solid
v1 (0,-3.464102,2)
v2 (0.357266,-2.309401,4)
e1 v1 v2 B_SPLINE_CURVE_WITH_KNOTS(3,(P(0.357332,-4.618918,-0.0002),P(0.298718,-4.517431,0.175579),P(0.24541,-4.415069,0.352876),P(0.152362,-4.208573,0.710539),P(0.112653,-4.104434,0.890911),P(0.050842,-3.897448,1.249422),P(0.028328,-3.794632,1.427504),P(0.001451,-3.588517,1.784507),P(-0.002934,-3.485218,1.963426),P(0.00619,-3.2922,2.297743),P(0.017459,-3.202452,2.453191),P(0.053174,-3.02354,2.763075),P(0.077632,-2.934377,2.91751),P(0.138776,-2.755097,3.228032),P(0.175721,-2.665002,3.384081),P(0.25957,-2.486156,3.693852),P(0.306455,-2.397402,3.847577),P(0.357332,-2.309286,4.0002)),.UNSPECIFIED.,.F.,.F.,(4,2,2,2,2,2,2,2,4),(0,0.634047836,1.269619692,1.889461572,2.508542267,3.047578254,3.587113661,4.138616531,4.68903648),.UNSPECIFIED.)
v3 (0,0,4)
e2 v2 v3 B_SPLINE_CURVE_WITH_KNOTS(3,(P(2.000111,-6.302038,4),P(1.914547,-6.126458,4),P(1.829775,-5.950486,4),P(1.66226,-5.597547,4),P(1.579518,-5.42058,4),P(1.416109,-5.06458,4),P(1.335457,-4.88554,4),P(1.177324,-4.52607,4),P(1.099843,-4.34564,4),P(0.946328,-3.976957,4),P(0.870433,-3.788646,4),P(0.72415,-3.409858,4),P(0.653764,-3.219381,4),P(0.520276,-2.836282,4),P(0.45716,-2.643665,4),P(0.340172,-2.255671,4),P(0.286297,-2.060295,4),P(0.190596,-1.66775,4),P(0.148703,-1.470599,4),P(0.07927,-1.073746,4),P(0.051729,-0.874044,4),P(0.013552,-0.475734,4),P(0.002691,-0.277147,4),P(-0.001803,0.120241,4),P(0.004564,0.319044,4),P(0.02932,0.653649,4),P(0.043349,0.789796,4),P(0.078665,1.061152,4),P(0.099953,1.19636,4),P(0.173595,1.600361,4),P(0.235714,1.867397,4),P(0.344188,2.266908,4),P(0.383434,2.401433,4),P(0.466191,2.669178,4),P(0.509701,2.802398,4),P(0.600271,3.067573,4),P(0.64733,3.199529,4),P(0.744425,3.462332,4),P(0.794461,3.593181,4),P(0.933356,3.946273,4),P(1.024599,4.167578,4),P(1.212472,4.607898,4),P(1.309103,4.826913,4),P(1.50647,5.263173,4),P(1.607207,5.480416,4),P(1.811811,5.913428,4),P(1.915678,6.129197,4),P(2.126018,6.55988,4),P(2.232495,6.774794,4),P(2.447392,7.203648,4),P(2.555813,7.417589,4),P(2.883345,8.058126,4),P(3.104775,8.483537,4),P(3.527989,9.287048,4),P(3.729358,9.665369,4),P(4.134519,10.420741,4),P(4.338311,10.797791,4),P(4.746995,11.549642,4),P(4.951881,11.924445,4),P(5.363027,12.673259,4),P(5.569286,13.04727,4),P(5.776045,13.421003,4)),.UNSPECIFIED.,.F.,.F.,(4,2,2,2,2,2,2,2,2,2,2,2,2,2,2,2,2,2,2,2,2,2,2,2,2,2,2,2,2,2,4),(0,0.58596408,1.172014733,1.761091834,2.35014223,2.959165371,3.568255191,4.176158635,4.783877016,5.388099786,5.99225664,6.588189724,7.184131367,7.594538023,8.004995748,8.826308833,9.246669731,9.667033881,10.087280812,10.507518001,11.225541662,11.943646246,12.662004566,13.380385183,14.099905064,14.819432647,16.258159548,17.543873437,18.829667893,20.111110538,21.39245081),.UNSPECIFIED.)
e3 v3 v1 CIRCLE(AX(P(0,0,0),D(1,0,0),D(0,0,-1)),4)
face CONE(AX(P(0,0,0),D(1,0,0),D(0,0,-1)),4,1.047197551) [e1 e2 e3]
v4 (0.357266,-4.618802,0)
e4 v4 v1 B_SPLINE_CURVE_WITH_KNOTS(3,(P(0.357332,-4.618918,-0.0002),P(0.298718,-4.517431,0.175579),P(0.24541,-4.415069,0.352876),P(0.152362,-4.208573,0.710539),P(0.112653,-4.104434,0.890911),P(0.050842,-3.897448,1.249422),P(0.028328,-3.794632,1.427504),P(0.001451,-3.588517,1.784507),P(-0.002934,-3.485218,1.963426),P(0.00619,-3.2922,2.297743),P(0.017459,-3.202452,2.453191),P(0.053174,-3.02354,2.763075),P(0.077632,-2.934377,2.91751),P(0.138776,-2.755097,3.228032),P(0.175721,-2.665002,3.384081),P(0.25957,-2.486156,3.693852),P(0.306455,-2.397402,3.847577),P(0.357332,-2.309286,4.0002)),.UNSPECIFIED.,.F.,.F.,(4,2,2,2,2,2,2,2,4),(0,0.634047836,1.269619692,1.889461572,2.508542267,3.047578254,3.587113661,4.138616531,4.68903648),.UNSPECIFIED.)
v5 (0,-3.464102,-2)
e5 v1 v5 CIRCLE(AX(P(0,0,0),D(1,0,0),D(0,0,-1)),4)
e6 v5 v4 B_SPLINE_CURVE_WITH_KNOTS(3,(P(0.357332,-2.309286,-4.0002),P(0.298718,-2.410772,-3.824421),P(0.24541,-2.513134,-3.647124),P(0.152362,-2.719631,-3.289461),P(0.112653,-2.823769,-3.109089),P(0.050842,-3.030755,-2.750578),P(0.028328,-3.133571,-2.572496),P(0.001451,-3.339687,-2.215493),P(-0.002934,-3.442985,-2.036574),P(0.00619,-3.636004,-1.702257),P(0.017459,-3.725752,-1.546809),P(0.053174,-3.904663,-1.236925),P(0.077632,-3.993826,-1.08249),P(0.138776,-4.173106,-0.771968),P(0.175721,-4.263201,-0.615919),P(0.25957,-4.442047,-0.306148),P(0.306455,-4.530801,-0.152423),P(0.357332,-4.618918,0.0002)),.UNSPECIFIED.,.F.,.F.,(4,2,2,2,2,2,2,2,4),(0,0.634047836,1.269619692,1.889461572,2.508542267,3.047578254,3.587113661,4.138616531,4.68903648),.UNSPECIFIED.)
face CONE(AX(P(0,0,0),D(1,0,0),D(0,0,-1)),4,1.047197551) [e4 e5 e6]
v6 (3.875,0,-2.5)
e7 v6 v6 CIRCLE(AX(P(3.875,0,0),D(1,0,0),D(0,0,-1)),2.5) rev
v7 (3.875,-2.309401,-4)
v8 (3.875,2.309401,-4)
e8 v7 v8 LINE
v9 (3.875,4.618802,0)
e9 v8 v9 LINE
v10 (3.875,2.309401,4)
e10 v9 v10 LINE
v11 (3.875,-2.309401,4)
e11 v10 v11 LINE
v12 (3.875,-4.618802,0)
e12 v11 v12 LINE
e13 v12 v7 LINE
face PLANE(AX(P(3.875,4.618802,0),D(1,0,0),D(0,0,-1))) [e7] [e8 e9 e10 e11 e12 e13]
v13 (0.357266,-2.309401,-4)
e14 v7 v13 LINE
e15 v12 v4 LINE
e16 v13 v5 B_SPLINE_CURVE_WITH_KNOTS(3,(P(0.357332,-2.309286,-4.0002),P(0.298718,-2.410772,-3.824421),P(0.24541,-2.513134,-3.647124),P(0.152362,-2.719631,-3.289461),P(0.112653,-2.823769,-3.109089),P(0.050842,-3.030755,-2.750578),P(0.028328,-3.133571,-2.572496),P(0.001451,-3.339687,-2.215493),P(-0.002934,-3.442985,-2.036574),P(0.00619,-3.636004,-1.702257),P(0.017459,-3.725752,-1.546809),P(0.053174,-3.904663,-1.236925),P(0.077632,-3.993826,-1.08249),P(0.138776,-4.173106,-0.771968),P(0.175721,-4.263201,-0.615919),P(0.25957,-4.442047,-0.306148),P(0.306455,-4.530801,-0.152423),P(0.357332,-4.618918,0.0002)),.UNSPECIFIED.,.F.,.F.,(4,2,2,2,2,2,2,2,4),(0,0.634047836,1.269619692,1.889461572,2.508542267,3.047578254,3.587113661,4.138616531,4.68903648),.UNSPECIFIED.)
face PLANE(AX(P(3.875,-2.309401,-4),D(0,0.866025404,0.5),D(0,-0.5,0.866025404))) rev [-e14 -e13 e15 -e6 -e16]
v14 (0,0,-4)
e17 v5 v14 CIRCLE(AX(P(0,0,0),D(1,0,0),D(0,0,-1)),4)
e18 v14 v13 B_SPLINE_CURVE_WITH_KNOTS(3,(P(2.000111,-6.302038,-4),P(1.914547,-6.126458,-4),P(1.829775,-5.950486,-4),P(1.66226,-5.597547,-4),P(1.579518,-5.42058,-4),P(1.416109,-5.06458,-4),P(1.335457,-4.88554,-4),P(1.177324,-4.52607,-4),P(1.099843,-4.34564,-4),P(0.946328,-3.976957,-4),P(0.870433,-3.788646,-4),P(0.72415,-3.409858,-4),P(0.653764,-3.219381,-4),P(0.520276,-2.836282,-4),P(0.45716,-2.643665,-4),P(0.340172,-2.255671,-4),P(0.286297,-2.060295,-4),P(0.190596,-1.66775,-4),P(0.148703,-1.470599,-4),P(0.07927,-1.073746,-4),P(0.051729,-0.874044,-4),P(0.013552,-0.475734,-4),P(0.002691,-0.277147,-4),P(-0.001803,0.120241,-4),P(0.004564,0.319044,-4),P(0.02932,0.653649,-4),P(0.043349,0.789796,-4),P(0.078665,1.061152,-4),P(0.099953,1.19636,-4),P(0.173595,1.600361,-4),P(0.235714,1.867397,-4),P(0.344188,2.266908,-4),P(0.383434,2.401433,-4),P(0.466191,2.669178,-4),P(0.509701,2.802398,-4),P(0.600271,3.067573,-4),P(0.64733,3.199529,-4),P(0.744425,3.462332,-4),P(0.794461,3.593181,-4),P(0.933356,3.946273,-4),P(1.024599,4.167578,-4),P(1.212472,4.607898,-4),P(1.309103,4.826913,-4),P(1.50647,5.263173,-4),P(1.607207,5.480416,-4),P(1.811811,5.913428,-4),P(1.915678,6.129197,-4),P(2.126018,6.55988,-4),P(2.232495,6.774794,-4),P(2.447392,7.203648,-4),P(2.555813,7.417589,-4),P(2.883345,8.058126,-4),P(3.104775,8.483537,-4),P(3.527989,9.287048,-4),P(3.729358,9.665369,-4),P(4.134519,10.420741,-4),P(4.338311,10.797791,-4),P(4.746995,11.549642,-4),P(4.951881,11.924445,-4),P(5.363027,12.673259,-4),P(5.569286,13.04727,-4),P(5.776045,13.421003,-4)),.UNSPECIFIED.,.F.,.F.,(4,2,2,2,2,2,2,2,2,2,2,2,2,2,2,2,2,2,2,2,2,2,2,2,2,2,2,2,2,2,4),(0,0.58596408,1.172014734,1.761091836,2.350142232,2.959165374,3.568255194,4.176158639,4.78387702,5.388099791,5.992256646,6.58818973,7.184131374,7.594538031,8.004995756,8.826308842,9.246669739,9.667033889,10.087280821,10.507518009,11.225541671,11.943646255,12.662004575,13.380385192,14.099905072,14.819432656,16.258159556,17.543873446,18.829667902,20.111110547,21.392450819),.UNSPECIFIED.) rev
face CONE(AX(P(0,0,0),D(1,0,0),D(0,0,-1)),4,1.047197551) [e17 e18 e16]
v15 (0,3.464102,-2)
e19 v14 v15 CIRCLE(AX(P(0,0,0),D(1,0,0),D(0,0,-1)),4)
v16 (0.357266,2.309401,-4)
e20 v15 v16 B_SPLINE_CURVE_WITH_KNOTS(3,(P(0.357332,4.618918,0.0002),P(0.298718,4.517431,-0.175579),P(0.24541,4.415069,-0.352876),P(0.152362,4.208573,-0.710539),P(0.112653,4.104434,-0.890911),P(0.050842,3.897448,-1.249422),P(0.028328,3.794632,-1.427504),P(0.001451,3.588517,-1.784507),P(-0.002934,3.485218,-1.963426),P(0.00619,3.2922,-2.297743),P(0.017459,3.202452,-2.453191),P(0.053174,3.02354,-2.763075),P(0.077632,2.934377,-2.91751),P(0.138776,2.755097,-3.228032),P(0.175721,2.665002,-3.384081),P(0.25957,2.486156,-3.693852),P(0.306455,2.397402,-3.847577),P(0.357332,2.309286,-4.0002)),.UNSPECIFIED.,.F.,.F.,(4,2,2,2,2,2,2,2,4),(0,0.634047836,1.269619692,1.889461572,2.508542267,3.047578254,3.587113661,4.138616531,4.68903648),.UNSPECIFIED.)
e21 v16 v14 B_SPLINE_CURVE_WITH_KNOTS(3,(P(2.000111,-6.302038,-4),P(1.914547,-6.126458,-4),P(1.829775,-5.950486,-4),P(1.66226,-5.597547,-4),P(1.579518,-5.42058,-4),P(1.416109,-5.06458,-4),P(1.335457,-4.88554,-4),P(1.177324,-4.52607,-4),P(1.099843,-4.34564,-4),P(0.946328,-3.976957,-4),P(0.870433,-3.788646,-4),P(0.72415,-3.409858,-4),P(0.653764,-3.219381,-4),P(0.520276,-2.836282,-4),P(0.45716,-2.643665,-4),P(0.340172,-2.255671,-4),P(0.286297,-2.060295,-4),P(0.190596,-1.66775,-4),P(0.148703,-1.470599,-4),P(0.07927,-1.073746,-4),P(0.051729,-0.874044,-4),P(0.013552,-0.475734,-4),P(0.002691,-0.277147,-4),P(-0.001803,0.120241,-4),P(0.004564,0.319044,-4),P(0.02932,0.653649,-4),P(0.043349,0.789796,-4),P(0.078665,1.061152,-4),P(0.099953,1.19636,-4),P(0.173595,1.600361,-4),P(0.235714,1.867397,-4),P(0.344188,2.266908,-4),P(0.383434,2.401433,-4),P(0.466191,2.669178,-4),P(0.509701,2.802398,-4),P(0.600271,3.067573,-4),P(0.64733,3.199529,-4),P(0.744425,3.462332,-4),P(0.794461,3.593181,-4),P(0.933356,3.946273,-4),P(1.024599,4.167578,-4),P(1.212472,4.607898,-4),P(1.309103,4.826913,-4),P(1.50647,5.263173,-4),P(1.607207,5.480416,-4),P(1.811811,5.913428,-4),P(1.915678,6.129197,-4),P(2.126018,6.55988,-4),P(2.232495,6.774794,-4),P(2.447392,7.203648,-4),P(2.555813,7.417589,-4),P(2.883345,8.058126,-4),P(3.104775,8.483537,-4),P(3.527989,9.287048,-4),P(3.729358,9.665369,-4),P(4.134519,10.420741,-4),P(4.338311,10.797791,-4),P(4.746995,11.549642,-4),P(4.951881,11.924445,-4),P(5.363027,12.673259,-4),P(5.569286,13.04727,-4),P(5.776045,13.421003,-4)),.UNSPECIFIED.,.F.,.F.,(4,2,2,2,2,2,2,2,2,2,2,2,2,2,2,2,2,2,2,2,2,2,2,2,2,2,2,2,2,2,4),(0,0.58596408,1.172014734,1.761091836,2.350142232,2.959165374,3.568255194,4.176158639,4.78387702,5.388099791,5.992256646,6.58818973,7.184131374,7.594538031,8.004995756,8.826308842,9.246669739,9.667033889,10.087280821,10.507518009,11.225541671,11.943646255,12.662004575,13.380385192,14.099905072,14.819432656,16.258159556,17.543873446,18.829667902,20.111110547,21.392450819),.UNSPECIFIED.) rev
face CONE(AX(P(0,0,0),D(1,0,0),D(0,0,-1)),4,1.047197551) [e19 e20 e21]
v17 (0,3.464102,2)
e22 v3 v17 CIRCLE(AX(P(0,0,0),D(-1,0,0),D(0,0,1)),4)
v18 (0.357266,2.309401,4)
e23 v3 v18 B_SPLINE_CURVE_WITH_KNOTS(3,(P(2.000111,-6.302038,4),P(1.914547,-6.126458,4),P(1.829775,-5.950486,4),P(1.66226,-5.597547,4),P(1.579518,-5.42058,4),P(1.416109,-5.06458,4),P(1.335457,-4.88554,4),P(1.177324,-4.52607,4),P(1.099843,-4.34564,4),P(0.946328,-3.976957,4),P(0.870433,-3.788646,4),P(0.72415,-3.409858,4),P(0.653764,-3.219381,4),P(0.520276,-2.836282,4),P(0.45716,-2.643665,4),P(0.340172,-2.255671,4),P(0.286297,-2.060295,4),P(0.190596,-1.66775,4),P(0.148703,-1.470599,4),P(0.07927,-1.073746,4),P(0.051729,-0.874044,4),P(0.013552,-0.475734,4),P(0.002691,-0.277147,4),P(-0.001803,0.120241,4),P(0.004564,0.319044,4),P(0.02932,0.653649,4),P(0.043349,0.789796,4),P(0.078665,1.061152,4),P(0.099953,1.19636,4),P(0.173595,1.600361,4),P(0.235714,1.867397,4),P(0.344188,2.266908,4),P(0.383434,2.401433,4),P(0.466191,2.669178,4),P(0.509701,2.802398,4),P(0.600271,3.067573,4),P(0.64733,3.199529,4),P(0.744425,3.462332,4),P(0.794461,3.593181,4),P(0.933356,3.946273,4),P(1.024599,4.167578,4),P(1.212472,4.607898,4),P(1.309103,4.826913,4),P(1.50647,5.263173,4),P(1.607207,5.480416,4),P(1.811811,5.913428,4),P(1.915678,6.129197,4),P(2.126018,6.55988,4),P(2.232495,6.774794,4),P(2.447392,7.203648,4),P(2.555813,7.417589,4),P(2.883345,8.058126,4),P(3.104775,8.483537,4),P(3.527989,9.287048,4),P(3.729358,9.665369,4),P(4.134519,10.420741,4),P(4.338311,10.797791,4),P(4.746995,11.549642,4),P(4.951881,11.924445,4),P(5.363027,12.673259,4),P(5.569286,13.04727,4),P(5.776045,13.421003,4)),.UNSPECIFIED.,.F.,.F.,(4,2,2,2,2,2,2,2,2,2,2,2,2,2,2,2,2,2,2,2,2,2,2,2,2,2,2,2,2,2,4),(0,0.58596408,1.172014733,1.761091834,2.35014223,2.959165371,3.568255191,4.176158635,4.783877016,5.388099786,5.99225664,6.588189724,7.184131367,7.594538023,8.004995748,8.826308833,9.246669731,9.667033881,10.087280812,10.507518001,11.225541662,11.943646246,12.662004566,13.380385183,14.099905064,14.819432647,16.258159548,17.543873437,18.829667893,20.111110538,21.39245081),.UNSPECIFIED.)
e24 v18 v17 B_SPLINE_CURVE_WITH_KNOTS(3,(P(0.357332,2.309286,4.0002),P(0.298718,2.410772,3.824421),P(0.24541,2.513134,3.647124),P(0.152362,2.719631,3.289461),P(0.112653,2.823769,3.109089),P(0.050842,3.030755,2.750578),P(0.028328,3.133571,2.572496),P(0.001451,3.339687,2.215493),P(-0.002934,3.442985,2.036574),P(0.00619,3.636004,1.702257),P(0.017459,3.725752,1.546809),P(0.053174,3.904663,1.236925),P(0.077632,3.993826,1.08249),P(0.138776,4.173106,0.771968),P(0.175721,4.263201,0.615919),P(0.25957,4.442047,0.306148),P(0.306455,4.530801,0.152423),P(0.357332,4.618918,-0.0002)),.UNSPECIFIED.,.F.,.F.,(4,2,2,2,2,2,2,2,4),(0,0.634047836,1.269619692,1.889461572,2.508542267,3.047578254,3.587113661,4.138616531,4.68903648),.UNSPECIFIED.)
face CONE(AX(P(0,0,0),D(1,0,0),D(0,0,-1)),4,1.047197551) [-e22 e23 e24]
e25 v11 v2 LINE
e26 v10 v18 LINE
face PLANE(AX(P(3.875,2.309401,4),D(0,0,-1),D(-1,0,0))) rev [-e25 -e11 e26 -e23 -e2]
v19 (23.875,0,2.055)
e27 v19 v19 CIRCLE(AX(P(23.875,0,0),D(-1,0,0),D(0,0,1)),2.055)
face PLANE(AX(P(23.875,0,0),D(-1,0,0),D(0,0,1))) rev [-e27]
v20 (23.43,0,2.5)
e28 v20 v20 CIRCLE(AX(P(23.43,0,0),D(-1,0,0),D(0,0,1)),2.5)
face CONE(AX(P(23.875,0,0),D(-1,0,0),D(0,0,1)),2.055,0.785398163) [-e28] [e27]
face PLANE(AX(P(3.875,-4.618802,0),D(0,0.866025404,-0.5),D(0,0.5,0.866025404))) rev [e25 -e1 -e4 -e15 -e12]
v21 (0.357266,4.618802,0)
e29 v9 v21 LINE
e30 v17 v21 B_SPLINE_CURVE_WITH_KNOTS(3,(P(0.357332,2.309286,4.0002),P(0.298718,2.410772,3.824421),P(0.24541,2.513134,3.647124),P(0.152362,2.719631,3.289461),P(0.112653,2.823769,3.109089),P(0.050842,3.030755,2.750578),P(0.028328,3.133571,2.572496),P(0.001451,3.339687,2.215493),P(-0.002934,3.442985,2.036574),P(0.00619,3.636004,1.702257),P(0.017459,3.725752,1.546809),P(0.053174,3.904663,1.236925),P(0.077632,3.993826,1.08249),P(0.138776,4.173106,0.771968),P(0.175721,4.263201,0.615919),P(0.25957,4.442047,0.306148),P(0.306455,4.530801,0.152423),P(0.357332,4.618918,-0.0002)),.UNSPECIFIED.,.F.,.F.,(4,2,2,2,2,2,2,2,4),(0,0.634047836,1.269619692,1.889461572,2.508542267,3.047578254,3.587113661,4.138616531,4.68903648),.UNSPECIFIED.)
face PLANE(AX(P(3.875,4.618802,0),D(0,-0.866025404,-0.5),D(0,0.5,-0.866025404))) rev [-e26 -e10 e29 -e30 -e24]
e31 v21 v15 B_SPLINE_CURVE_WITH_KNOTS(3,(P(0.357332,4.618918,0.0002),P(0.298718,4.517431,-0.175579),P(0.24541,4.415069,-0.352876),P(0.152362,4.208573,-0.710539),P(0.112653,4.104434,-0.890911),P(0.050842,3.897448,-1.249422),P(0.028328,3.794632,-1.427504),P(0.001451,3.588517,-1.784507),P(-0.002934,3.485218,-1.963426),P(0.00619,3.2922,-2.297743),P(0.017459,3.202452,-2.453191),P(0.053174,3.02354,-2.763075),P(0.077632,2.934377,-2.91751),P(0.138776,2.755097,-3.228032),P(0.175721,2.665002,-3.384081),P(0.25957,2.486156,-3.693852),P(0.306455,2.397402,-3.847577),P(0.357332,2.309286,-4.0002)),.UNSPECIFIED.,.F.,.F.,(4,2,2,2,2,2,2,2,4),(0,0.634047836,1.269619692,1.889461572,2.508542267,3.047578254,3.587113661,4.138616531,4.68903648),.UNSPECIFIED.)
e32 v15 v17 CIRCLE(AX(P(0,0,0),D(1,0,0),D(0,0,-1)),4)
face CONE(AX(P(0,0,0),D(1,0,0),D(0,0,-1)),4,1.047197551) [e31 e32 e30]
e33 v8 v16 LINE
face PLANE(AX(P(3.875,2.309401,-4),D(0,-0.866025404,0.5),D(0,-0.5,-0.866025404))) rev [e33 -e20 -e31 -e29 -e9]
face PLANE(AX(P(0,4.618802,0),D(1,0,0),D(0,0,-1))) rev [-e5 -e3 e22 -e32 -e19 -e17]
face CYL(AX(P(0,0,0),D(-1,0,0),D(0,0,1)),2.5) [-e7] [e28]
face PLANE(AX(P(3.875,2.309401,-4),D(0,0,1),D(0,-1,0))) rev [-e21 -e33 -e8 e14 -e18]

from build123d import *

# Parameters (mm, degrees)
BASEHEAD_DEPTH = 3.875


with BuildPart() as part:
    # Sketch1 → BaseHead (new body)
    with BuildSketch(Plane(origin=(0, 0, 0), x_dir=(0, 0, -1), z_dir=(1, 0, 0))):
        Polygon((4, 2.309401077), (4, -2.309401077), (0, -4.618802154), (-4, -2.309401077), (-4, 2.309401077), (0, 4.618802154), align=None)
    extrude(amount=BASEHEAD_DEPTH)

    # BodySke → BaseBody (revolve)
    with BuildSketch(Plane.XY, mode=Mode.PRIVATE) as basebody_sk:
        Polygon((0, 0), (23.875, 0), (23.875, 2.055), (23.43, 2.5), (0, 2.5), align=None)
    revolve(basebody_sk.sketch.rotate(Axis((0, 0, 0), (1, 0, 0)), 90), axis=Axis((0, 0, 0), (1, 0, 0)))

    # Sketch3 → HeadChamfer (revolve, cut)
    with BuildSketch(Plane.XY):
        Polygon((0, 4), (3.244016936, 9.618802154), (3.244016936, 14.618802154), (-10, 14.618802154), (-10, 4), align=None)
    revolve(axis=Axis((0, 0, 0), (1, 0, 0)), mode=Mode.SUBTRACT)


solid = part.part
